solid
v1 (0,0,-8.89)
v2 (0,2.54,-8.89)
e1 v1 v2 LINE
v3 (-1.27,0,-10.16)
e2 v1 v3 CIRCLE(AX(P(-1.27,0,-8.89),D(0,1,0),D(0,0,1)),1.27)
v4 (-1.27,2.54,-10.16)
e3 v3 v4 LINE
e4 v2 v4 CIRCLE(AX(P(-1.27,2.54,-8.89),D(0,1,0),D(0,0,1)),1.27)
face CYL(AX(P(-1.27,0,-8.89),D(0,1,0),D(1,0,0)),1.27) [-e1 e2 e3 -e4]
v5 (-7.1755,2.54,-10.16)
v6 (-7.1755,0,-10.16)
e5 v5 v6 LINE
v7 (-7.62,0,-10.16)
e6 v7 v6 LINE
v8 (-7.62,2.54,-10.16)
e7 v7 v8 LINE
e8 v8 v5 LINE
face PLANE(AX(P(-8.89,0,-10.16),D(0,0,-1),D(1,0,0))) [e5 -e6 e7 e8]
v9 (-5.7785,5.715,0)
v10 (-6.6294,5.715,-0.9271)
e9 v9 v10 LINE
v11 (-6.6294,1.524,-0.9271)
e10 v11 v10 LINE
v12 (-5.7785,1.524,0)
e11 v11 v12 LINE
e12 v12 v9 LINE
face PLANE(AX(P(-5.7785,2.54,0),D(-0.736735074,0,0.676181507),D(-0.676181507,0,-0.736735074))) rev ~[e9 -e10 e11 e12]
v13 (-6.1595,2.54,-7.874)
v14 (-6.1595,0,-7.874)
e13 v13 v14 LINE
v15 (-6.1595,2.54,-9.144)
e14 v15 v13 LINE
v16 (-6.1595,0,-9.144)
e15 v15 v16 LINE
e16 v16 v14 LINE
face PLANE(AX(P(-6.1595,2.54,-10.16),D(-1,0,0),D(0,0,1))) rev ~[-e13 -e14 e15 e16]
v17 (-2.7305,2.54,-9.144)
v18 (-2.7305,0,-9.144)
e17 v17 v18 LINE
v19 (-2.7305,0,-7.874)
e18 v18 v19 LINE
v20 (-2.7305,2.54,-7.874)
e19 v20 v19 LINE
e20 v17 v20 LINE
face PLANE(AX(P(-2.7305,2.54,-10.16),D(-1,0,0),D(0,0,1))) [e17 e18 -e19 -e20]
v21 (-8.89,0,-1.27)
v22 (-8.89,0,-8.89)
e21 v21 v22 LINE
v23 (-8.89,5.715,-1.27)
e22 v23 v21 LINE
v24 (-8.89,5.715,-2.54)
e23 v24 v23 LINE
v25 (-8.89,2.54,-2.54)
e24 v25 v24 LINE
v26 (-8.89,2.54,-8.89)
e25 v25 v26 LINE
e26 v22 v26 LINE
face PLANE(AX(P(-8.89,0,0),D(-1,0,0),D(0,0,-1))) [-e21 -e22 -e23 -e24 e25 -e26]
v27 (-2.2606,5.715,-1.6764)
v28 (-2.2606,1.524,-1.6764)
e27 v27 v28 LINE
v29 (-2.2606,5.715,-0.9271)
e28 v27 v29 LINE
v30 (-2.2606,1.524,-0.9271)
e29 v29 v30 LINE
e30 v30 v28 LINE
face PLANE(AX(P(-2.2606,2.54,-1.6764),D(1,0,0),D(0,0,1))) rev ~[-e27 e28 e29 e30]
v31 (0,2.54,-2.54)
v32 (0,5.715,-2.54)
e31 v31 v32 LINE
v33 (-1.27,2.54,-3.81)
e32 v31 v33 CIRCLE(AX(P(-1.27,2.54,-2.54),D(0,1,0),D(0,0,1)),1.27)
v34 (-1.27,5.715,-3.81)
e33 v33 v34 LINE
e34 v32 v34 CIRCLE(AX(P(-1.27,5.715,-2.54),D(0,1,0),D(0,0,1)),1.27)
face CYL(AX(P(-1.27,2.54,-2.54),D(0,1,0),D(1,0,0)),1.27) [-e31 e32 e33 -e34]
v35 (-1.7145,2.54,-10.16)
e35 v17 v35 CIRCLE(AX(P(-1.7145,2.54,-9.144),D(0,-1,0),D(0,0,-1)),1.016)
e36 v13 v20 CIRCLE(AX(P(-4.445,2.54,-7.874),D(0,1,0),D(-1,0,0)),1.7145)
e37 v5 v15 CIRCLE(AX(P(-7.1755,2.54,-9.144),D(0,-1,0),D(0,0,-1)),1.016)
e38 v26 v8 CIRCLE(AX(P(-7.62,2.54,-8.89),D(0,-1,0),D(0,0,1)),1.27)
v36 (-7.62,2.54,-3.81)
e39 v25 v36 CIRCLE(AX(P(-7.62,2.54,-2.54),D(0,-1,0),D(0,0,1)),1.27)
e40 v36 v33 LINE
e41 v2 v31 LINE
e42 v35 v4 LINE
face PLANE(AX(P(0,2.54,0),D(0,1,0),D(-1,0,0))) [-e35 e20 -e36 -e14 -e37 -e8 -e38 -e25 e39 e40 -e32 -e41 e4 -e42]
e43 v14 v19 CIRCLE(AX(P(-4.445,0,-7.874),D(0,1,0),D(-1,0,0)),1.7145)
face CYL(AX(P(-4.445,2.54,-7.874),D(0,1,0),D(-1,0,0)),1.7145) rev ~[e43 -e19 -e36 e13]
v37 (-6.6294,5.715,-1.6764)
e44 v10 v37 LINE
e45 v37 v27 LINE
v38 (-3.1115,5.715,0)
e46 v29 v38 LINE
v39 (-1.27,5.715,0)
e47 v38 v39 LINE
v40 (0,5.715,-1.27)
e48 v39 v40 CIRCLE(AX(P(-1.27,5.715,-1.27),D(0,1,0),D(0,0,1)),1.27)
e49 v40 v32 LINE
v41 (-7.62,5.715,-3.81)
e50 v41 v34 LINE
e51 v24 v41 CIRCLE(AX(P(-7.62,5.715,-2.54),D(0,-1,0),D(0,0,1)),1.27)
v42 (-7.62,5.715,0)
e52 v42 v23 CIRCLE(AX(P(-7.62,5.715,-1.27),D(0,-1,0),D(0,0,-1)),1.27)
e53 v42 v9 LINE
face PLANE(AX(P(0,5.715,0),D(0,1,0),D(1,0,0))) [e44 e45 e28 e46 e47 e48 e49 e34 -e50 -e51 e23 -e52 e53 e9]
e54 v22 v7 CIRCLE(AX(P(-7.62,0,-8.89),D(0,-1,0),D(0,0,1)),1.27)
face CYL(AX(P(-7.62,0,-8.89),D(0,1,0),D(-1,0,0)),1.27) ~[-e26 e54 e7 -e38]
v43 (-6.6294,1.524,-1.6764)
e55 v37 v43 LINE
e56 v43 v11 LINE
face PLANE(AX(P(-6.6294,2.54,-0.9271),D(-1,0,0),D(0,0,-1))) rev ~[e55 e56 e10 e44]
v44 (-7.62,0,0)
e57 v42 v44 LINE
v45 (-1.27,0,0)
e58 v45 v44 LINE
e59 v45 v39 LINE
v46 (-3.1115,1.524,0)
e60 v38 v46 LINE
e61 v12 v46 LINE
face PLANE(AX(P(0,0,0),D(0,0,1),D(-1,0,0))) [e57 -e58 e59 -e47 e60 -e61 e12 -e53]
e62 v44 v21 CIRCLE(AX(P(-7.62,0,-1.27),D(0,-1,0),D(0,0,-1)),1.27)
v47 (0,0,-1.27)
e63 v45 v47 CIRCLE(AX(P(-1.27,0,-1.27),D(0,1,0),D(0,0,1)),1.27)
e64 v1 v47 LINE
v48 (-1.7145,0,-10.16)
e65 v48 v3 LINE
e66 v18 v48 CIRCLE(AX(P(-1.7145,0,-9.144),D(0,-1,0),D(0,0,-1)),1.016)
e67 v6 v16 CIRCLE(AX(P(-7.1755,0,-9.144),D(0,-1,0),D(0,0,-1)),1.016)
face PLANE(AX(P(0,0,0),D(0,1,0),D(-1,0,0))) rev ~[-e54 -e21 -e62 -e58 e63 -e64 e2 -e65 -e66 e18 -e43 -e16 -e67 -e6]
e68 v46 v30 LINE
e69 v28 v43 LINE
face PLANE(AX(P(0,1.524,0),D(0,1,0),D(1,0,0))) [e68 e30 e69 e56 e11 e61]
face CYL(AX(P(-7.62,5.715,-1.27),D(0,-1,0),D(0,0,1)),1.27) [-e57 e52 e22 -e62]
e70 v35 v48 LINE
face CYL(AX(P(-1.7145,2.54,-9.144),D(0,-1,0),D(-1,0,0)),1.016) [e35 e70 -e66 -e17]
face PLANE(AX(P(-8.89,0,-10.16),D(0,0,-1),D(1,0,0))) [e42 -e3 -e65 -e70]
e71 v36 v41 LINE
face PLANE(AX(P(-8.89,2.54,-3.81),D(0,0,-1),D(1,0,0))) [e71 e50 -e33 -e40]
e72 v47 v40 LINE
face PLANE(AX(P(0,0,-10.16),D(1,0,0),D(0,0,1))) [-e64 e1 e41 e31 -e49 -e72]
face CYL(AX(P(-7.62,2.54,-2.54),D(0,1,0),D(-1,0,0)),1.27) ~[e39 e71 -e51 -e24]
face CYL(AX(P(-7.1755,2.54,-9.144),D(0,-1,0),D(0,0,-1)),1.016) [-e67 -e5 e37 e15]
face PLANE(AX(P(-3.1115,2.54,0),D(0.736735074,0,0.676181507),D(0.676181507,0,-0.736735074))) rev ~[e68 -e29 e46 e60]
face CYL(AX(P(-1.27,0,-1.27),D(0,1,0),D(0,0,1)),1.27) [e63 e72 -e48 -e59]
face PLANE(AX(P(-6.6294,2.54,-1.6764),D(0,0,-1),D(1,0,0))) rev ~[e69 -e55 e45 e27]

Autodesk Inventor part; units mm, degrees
ref_plane "YZ Plane" through (0, 0, 0) normal (1, 0, 0) x (0, 1, 0)
ref_plane "XZ Plane" through (0, 0, 0) normal (0, 1, 0) x (-1, 0, 0)
ref_plane "XY Plane" through (0, 0, 0) normal (0, 0, 1) x (1, 0, 0)
sketch "Sketch1" plane through (0, 0, 0) normal (0, 1, 0) x (-1, 0, 0)
  line L0 (0, 0) -> (8.89, 0)
  line L1 (8.89, 0) -> (8.89, -10.16)
  line L2 (8.89, -10.16) -> (0, -10.16)
  line L3 (0, -10.16) -> (0, 0)
  dimension "d0" = 8.89
  dimension "d1" = 10.16
extrude "Extrusion1" add sketch "Sketch1" along normal blind 2.54
sketch "Sketch5" plane through (0, 2.54, 0) normal (0, 1, 0) x (1, 0, 0)
  line L0 (-8.89, 0) -> (0, 0) projected
  line L1 (0, 0) -> (0, 10.16) projected
  line L2 (0, 10.16) -> (-8.89, 10.16) projected
  line L3 (-8.89, 10.16) -> (-8.89, 0) projected
  line L4 (0, 0) -> (-8.89, 0) projected
  line L5 (-5.7785, 0) -> (-6.6294, 0.9271)
  line L6 (-6.6294, 0.9271) -> (-6.6294, 1.6764)
  line L7 (-6.6294, 1.6764) -> (-2.2606, 1.6764)
  line L8 (-2.2606, 1.6764) -> (-2.2606, 0.9271)
  line L9 (-2.2606, 0.9271) -> (-3.1115, 0)
  line L10 (-8.89, 0) -> (-8.89, 10.16) projected
  line L11 (-8.89, 3.81) -> (0, 3.81)
  point P0 (-4.445, 1.6764)
  point P1 (-4.445, 3.81)
  dimension "d19" = 2.667
  dimension "d20" = 4.3688
  dimension "d21" = 0.9271
  dimension "d23" = 1.6764
  dimension "d24" = 3.81
extrude "Extrusion4" add sketch "Sketch5" along normal blind 3.175 contours L3 L11 L1 L0 L9 L8 L7 L6 L5
sketch "Sketch6" plane through (0, 2.54, 0) normal (0, 1, 0) x (1, 0, 0)
  line L0 (-3.1115, 0) -> (-2.2606, 0.9271) projected
  line L1 (-2.2606, 0.9271) -> (-2.2606, 1.6764) projected
  line L2 (-2.2606, 1.6764) -> (-6.6294, 1.6764) projected
  line L3 (-6.6294, 1.6764) -> (-6.6294, 0.9271) projected
  line L4 (-6.6294, 0.9271) -> (-5.7785, 0) projected
  line L5 (-5.7785, 0) -> (-3.1115, 0) projected
  point P0 (0, 0)
extrude "Extrusion5" cut sketch "Sketch6" against normal blind 1.016
fillet "Fillet3" radius 1.27 6 edges at (-8.89, 1.27, -10.16) (0, 1.27, -10.16) (-8.89, 2.8575, 0) (-8.89, 4.1275, -3.81) (0, 4.1275, -3.81) (0, 2.8575, 0)
sketch "Sketch8" plane through (0, 2.54, 0) normal (0, 1, 0) x (1, 0, 0)
  line L0 (-7.62, 10.16) -> (-1.27, 10.16) projected
  line L1 (-6.1595, 10.16) -> (-6.1595, 7.874)
  line L2 (-2.7305, 10.16) -> (-2.7305, 7.874)
  arc A0 (-6.1595, 7.874) -> (-2.7305, 7.874) centre (-4.445, 7.874) ccw
  point P0 (0, 0)
  point P1 (-4.445, 10.16)
  dimension "d37" = 3.429
  dimension "d38" = 2.286
extrude "Extrusion7" cut sketch "Sketch8" against normal blind 25.4
fillet "Fillet4" radius 1.016 2 edges at (-2.7305, 1.27, -10.16) (-6.1595, 1.27, -10.16)
properties part number "HallEffectSpoolSensorMount3" material "ABS Plastic"
